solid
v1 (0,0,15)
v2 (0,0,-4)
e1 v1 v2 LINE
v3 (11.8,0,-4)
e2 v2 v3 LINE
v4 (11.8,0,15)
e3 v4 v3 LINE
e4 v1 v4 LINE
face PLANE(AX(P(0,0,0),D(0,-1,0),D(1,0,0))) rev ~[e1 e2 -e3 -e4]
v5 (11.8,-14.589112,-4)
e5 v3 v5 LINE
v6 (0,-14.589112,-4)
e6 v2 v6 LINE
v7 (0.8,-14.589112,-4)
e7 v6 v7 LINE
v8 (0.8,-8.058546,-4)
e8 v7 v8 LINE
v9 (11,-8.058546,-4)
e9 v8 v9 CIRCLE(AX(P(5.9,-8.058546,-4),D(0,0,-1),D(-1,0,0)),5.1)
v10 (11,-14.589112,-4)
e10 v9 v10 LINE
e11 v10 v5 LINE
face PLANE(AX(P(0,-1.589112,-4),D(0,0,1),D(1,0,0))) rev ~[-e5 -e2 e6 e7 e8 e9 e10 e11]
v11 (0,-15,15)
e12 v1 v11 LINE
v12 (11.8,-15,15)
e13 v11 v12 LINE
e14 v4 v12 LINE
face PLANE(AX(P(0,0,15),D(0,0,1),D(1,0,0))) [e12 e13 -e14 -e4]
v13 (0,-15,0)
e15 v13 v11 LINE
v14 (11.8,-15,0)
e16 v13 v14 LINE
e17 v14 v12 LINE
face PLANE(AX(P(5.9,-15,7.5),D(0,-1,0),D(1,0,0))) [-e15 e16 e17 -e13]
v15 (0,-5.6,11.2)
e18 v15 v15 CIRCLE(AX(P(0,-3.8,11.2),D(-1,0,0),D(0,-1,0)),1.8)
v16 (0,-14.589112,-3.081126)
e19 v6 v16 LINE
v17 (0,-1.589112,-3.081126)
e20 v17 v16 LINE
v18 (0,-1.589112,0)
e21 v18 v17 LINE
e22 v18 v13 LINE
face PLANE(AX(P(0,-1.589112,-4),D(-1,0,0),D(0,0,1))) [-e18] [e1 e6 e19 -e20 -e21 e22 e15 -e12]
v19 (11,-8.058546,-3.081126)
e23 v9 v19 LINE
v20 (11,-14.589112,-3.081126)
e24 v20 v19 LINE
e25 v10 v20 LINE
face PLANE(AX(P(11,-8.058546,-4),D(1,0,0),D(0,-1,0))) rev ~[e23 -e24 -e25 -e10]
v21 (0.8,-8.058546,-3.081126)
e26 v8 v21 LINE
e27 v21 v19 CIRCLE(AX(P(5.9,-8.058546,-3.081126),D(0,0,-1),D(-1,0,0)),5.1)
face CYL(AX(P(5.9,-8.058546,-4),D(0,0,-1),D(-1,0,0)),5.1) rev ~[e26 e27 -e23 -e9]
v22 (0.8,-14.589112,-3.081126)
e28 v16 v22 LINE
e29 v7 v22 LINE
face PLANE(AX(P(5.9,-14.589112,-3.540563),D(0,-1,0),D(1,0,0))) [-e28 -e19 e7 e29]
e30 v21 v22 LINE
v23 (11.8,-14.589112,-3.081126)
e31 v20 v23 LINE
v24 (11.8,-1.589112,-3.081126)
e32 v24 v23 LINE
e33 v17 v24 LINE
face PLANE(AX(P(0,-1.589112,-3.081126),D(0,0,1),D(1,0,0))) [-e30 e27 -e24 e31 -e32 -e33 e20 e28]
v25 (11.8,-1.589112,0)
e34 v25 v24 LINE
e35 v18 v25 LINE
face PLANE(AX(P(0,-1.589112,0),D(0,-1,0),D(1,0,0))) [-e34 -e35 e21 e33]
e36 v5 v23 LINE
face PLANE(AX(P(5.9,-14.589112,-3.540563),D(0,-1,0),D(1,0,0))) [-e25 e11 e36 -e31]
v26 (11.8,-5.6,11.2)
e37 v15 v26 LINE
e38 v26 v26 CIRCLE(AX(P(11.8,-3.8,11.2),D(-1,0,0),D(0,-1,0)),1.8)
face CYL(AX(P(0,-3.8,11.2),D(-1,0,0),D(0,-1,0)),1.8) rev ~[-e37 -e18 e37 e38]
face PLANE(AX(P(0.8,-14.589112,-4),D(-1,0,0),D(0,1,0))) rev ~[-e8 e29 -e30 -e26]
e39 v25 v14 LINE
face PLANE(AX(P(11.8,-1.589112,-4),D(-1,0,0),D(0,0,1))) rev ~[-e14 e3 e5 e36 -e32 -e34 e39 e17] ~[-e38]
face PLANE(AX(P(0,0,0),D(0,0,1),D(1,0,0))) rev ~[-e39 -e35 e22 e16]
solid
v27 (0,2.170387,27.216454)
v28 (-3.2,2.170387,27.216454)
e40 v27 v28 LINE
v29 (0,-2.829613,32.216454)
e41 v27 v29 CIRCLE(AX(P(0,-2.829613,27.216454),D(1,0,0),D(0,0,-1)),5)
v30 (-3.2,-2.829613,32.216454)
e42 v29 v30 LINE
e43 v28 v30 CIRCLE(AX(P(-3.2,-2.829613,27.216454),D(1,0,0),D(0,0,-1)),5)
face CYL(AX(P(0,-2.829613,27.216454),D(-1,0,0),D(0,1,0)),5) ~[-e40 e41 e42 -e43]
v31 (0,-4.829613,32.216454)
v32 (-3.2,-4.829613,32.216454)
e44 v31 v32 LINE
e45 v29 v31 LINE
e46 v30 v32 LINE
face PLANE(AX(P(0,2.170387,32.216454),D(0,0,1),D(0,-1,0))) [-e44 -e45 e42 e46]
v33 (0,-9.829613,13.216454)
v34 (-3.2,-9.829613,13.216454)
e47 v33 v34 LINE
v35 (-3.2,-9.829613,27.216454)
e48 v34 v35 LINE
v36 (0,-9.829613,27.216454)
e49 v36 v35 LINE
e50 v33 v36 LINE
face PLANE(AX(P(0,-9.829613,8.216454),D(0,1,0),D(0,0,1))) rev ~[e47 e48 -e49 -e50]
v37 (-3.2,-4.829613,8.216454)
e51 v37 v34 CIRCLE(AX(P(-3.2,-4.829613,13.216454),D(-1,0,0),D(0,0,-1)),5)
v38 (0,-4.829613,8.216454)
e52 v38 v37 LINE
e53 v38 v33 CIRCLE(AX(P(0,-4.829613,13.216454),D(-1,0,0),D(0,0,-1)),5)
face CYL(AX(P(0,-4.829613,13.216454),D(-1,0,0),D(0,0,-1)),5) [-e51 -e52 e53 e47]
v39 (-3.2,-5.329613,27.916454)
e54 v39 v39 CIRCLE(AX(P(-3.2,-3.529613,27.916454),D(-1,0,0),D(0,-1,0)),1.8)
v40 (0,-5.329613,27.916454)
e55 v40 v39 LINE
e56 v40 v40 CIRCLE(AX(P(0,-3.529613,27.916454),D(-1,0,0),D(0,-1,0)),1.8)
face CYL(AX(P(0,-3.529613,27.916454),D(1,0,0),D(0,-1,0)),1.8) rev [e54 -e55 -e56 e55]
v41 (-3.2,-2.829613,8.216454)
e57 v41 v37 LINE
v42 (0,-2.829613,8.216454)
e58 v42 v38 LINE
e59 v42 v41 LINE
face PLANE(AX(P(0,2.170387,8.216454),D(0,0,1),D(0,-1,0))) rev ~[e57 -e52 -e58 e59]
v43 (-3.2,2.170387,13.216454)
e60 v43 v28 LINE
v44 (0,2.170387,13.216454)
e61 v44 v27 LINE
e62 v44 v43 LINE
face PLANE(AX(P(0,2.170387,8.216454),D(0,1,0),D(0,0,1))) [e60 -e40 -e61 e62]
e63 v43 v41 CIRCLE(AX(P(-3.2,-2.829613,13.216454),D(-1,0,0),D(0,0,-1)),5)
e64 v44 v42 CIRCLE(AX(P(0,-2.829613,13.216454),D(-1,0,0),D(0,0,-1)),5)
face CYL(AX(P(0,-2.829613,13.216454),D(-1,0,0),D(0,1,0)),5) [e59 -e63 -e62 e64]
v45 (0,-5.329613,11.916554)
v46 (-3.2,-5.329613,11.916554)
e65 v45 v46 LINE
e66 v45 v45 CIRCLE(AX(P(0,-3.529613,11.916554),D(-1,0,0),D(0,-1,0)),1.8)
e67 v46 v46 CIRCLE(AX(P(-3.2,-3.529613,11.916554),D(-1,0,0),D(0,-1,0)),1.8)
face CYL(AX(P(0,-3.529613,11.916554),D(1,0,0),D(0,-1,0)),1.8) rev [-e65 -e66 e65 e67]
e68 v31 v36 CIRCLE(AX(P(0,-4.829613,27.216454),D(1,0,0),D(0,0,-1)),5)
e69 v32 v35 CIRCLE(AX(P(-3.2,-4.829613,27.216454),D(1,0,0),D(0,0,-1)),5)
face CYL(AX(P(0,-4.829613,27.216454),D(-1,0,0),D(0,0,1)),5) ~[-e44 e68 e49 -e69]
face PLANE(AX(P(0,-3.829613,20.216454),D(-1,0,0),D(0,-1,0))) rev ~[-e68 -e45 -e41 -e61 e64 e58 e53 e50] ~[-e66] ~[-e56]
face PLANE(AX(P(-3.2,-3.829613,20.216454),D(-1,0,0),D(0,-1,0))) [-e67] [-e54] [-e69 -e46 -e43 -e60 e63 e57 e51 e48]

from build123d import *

# Parameters (mm, degrees)
F0_W      = 11.8
F0_H      = 15
F1_DEPTH  = 15
F2_R      = 1.8
F3_DEPTH  = 25
F4_W      = 12
F4_H      = 24
F4_R      = 1.8
F5_DEPTH  = 3.2
F6_R      = 5
F7_W      = 11.8
F7_H      = 1.589112
F8_DEPTH  = 4
F9_W      = 11.8
F9_H      = 0.918874
F10_DEPTH = 13
F12_DEPTH = 2


with BuildPart() as f1:
    # F0 (on Front) → F1 (new body)
    with BuildSketch(Plane.XZ):
        with Locations((5.9, 7.5)):
            Rectangle(F0_W, F0_H)
    extrude(amount=F1_DEPTH)

    # F2 (on face) → F3 (cut)
    with BuildSketch(Plane(origin=(0, 0, 0), x_dir=(0, -1, 0), z_dir=(-1, 0, 0))):
        with Locations((3.8, 11.2)):
            Circle(F2_R)
    extrude(amount=-F3_DEPTH, mode=Mode.SUBTRACT)

    # F7 (on face) → F8 (join)
    with BuildSketch(Plane(origin=(0, 0, 0), x_dir=(1, 0, 0), z_dir=(0, 0, -1))):
        with Locations((5.9, 0.794556)):
            Rectangle(F7_W, F7_H)
    extrude(amount=F8_DEPTH)

    # F9 (on face) → F10 (join)
    with BuildSketch(Plane.XZ.offset(1.589112)):
        with Locations((5.9, -3.540563)):
            Rectangle(F9_W, F9_H)
    extrude(amount=F10_DEPTH)

    # F11 (on face) → F12 (cut)
    with BuildSketch(Plane(origin=(0, 0, -4), x_dir=(1, 0, 0), z_dir=(0, 0, -1))):
        with BuildLine():
            Line((11, 14.589112), (0.8, 14.589112))
            Line((0.8, 14.589112), (0.8, 8.058546))
            ThreePointArc((0.8, 8.058546), (5.9, 2.958546), (11, 8.058546))
            Line((11, 8.058546), (11, 14.589112))
        make_face()
    extrude(amount=-F12_DEPTH, mode=Mode.SUBTRACT)


with BuildPart() as f5:
    # F4 (on face) → F5 (new body)
    with BuildSketch(Plane(origin=(0, 0, 0), x_dir=(0, -1, 0), z_dir=(-1, 0, 0))):
        with Locations((3.829613, 20.216454)):
            Rectangle(F4_W, F4_H)
        with Locations((3.529613, 11.916554)):
            Circle(F4_R, mode=Mode.SUBTRACT)
        with Locations((3.529613, 27.916454)):
            Circle(F4_R, mode=Mode.SUBTRACT)
    extrude(amount=F5_DEPTH)

    # F6
    f6_edges = [f5.edges().sort_by_distance(p)[0] for p in [
        (-1.6, 2.170387, 32.216454),
        (-1.6, -9.829613, 32.216454),
        (-1.6, -9.829613, 8.216454),
        (-1.6, 2.170387, 8.216454),
    ]]
    fillet(f6_edges, radius=F6_R)


solid = Compound([f1.part, f5.part])
